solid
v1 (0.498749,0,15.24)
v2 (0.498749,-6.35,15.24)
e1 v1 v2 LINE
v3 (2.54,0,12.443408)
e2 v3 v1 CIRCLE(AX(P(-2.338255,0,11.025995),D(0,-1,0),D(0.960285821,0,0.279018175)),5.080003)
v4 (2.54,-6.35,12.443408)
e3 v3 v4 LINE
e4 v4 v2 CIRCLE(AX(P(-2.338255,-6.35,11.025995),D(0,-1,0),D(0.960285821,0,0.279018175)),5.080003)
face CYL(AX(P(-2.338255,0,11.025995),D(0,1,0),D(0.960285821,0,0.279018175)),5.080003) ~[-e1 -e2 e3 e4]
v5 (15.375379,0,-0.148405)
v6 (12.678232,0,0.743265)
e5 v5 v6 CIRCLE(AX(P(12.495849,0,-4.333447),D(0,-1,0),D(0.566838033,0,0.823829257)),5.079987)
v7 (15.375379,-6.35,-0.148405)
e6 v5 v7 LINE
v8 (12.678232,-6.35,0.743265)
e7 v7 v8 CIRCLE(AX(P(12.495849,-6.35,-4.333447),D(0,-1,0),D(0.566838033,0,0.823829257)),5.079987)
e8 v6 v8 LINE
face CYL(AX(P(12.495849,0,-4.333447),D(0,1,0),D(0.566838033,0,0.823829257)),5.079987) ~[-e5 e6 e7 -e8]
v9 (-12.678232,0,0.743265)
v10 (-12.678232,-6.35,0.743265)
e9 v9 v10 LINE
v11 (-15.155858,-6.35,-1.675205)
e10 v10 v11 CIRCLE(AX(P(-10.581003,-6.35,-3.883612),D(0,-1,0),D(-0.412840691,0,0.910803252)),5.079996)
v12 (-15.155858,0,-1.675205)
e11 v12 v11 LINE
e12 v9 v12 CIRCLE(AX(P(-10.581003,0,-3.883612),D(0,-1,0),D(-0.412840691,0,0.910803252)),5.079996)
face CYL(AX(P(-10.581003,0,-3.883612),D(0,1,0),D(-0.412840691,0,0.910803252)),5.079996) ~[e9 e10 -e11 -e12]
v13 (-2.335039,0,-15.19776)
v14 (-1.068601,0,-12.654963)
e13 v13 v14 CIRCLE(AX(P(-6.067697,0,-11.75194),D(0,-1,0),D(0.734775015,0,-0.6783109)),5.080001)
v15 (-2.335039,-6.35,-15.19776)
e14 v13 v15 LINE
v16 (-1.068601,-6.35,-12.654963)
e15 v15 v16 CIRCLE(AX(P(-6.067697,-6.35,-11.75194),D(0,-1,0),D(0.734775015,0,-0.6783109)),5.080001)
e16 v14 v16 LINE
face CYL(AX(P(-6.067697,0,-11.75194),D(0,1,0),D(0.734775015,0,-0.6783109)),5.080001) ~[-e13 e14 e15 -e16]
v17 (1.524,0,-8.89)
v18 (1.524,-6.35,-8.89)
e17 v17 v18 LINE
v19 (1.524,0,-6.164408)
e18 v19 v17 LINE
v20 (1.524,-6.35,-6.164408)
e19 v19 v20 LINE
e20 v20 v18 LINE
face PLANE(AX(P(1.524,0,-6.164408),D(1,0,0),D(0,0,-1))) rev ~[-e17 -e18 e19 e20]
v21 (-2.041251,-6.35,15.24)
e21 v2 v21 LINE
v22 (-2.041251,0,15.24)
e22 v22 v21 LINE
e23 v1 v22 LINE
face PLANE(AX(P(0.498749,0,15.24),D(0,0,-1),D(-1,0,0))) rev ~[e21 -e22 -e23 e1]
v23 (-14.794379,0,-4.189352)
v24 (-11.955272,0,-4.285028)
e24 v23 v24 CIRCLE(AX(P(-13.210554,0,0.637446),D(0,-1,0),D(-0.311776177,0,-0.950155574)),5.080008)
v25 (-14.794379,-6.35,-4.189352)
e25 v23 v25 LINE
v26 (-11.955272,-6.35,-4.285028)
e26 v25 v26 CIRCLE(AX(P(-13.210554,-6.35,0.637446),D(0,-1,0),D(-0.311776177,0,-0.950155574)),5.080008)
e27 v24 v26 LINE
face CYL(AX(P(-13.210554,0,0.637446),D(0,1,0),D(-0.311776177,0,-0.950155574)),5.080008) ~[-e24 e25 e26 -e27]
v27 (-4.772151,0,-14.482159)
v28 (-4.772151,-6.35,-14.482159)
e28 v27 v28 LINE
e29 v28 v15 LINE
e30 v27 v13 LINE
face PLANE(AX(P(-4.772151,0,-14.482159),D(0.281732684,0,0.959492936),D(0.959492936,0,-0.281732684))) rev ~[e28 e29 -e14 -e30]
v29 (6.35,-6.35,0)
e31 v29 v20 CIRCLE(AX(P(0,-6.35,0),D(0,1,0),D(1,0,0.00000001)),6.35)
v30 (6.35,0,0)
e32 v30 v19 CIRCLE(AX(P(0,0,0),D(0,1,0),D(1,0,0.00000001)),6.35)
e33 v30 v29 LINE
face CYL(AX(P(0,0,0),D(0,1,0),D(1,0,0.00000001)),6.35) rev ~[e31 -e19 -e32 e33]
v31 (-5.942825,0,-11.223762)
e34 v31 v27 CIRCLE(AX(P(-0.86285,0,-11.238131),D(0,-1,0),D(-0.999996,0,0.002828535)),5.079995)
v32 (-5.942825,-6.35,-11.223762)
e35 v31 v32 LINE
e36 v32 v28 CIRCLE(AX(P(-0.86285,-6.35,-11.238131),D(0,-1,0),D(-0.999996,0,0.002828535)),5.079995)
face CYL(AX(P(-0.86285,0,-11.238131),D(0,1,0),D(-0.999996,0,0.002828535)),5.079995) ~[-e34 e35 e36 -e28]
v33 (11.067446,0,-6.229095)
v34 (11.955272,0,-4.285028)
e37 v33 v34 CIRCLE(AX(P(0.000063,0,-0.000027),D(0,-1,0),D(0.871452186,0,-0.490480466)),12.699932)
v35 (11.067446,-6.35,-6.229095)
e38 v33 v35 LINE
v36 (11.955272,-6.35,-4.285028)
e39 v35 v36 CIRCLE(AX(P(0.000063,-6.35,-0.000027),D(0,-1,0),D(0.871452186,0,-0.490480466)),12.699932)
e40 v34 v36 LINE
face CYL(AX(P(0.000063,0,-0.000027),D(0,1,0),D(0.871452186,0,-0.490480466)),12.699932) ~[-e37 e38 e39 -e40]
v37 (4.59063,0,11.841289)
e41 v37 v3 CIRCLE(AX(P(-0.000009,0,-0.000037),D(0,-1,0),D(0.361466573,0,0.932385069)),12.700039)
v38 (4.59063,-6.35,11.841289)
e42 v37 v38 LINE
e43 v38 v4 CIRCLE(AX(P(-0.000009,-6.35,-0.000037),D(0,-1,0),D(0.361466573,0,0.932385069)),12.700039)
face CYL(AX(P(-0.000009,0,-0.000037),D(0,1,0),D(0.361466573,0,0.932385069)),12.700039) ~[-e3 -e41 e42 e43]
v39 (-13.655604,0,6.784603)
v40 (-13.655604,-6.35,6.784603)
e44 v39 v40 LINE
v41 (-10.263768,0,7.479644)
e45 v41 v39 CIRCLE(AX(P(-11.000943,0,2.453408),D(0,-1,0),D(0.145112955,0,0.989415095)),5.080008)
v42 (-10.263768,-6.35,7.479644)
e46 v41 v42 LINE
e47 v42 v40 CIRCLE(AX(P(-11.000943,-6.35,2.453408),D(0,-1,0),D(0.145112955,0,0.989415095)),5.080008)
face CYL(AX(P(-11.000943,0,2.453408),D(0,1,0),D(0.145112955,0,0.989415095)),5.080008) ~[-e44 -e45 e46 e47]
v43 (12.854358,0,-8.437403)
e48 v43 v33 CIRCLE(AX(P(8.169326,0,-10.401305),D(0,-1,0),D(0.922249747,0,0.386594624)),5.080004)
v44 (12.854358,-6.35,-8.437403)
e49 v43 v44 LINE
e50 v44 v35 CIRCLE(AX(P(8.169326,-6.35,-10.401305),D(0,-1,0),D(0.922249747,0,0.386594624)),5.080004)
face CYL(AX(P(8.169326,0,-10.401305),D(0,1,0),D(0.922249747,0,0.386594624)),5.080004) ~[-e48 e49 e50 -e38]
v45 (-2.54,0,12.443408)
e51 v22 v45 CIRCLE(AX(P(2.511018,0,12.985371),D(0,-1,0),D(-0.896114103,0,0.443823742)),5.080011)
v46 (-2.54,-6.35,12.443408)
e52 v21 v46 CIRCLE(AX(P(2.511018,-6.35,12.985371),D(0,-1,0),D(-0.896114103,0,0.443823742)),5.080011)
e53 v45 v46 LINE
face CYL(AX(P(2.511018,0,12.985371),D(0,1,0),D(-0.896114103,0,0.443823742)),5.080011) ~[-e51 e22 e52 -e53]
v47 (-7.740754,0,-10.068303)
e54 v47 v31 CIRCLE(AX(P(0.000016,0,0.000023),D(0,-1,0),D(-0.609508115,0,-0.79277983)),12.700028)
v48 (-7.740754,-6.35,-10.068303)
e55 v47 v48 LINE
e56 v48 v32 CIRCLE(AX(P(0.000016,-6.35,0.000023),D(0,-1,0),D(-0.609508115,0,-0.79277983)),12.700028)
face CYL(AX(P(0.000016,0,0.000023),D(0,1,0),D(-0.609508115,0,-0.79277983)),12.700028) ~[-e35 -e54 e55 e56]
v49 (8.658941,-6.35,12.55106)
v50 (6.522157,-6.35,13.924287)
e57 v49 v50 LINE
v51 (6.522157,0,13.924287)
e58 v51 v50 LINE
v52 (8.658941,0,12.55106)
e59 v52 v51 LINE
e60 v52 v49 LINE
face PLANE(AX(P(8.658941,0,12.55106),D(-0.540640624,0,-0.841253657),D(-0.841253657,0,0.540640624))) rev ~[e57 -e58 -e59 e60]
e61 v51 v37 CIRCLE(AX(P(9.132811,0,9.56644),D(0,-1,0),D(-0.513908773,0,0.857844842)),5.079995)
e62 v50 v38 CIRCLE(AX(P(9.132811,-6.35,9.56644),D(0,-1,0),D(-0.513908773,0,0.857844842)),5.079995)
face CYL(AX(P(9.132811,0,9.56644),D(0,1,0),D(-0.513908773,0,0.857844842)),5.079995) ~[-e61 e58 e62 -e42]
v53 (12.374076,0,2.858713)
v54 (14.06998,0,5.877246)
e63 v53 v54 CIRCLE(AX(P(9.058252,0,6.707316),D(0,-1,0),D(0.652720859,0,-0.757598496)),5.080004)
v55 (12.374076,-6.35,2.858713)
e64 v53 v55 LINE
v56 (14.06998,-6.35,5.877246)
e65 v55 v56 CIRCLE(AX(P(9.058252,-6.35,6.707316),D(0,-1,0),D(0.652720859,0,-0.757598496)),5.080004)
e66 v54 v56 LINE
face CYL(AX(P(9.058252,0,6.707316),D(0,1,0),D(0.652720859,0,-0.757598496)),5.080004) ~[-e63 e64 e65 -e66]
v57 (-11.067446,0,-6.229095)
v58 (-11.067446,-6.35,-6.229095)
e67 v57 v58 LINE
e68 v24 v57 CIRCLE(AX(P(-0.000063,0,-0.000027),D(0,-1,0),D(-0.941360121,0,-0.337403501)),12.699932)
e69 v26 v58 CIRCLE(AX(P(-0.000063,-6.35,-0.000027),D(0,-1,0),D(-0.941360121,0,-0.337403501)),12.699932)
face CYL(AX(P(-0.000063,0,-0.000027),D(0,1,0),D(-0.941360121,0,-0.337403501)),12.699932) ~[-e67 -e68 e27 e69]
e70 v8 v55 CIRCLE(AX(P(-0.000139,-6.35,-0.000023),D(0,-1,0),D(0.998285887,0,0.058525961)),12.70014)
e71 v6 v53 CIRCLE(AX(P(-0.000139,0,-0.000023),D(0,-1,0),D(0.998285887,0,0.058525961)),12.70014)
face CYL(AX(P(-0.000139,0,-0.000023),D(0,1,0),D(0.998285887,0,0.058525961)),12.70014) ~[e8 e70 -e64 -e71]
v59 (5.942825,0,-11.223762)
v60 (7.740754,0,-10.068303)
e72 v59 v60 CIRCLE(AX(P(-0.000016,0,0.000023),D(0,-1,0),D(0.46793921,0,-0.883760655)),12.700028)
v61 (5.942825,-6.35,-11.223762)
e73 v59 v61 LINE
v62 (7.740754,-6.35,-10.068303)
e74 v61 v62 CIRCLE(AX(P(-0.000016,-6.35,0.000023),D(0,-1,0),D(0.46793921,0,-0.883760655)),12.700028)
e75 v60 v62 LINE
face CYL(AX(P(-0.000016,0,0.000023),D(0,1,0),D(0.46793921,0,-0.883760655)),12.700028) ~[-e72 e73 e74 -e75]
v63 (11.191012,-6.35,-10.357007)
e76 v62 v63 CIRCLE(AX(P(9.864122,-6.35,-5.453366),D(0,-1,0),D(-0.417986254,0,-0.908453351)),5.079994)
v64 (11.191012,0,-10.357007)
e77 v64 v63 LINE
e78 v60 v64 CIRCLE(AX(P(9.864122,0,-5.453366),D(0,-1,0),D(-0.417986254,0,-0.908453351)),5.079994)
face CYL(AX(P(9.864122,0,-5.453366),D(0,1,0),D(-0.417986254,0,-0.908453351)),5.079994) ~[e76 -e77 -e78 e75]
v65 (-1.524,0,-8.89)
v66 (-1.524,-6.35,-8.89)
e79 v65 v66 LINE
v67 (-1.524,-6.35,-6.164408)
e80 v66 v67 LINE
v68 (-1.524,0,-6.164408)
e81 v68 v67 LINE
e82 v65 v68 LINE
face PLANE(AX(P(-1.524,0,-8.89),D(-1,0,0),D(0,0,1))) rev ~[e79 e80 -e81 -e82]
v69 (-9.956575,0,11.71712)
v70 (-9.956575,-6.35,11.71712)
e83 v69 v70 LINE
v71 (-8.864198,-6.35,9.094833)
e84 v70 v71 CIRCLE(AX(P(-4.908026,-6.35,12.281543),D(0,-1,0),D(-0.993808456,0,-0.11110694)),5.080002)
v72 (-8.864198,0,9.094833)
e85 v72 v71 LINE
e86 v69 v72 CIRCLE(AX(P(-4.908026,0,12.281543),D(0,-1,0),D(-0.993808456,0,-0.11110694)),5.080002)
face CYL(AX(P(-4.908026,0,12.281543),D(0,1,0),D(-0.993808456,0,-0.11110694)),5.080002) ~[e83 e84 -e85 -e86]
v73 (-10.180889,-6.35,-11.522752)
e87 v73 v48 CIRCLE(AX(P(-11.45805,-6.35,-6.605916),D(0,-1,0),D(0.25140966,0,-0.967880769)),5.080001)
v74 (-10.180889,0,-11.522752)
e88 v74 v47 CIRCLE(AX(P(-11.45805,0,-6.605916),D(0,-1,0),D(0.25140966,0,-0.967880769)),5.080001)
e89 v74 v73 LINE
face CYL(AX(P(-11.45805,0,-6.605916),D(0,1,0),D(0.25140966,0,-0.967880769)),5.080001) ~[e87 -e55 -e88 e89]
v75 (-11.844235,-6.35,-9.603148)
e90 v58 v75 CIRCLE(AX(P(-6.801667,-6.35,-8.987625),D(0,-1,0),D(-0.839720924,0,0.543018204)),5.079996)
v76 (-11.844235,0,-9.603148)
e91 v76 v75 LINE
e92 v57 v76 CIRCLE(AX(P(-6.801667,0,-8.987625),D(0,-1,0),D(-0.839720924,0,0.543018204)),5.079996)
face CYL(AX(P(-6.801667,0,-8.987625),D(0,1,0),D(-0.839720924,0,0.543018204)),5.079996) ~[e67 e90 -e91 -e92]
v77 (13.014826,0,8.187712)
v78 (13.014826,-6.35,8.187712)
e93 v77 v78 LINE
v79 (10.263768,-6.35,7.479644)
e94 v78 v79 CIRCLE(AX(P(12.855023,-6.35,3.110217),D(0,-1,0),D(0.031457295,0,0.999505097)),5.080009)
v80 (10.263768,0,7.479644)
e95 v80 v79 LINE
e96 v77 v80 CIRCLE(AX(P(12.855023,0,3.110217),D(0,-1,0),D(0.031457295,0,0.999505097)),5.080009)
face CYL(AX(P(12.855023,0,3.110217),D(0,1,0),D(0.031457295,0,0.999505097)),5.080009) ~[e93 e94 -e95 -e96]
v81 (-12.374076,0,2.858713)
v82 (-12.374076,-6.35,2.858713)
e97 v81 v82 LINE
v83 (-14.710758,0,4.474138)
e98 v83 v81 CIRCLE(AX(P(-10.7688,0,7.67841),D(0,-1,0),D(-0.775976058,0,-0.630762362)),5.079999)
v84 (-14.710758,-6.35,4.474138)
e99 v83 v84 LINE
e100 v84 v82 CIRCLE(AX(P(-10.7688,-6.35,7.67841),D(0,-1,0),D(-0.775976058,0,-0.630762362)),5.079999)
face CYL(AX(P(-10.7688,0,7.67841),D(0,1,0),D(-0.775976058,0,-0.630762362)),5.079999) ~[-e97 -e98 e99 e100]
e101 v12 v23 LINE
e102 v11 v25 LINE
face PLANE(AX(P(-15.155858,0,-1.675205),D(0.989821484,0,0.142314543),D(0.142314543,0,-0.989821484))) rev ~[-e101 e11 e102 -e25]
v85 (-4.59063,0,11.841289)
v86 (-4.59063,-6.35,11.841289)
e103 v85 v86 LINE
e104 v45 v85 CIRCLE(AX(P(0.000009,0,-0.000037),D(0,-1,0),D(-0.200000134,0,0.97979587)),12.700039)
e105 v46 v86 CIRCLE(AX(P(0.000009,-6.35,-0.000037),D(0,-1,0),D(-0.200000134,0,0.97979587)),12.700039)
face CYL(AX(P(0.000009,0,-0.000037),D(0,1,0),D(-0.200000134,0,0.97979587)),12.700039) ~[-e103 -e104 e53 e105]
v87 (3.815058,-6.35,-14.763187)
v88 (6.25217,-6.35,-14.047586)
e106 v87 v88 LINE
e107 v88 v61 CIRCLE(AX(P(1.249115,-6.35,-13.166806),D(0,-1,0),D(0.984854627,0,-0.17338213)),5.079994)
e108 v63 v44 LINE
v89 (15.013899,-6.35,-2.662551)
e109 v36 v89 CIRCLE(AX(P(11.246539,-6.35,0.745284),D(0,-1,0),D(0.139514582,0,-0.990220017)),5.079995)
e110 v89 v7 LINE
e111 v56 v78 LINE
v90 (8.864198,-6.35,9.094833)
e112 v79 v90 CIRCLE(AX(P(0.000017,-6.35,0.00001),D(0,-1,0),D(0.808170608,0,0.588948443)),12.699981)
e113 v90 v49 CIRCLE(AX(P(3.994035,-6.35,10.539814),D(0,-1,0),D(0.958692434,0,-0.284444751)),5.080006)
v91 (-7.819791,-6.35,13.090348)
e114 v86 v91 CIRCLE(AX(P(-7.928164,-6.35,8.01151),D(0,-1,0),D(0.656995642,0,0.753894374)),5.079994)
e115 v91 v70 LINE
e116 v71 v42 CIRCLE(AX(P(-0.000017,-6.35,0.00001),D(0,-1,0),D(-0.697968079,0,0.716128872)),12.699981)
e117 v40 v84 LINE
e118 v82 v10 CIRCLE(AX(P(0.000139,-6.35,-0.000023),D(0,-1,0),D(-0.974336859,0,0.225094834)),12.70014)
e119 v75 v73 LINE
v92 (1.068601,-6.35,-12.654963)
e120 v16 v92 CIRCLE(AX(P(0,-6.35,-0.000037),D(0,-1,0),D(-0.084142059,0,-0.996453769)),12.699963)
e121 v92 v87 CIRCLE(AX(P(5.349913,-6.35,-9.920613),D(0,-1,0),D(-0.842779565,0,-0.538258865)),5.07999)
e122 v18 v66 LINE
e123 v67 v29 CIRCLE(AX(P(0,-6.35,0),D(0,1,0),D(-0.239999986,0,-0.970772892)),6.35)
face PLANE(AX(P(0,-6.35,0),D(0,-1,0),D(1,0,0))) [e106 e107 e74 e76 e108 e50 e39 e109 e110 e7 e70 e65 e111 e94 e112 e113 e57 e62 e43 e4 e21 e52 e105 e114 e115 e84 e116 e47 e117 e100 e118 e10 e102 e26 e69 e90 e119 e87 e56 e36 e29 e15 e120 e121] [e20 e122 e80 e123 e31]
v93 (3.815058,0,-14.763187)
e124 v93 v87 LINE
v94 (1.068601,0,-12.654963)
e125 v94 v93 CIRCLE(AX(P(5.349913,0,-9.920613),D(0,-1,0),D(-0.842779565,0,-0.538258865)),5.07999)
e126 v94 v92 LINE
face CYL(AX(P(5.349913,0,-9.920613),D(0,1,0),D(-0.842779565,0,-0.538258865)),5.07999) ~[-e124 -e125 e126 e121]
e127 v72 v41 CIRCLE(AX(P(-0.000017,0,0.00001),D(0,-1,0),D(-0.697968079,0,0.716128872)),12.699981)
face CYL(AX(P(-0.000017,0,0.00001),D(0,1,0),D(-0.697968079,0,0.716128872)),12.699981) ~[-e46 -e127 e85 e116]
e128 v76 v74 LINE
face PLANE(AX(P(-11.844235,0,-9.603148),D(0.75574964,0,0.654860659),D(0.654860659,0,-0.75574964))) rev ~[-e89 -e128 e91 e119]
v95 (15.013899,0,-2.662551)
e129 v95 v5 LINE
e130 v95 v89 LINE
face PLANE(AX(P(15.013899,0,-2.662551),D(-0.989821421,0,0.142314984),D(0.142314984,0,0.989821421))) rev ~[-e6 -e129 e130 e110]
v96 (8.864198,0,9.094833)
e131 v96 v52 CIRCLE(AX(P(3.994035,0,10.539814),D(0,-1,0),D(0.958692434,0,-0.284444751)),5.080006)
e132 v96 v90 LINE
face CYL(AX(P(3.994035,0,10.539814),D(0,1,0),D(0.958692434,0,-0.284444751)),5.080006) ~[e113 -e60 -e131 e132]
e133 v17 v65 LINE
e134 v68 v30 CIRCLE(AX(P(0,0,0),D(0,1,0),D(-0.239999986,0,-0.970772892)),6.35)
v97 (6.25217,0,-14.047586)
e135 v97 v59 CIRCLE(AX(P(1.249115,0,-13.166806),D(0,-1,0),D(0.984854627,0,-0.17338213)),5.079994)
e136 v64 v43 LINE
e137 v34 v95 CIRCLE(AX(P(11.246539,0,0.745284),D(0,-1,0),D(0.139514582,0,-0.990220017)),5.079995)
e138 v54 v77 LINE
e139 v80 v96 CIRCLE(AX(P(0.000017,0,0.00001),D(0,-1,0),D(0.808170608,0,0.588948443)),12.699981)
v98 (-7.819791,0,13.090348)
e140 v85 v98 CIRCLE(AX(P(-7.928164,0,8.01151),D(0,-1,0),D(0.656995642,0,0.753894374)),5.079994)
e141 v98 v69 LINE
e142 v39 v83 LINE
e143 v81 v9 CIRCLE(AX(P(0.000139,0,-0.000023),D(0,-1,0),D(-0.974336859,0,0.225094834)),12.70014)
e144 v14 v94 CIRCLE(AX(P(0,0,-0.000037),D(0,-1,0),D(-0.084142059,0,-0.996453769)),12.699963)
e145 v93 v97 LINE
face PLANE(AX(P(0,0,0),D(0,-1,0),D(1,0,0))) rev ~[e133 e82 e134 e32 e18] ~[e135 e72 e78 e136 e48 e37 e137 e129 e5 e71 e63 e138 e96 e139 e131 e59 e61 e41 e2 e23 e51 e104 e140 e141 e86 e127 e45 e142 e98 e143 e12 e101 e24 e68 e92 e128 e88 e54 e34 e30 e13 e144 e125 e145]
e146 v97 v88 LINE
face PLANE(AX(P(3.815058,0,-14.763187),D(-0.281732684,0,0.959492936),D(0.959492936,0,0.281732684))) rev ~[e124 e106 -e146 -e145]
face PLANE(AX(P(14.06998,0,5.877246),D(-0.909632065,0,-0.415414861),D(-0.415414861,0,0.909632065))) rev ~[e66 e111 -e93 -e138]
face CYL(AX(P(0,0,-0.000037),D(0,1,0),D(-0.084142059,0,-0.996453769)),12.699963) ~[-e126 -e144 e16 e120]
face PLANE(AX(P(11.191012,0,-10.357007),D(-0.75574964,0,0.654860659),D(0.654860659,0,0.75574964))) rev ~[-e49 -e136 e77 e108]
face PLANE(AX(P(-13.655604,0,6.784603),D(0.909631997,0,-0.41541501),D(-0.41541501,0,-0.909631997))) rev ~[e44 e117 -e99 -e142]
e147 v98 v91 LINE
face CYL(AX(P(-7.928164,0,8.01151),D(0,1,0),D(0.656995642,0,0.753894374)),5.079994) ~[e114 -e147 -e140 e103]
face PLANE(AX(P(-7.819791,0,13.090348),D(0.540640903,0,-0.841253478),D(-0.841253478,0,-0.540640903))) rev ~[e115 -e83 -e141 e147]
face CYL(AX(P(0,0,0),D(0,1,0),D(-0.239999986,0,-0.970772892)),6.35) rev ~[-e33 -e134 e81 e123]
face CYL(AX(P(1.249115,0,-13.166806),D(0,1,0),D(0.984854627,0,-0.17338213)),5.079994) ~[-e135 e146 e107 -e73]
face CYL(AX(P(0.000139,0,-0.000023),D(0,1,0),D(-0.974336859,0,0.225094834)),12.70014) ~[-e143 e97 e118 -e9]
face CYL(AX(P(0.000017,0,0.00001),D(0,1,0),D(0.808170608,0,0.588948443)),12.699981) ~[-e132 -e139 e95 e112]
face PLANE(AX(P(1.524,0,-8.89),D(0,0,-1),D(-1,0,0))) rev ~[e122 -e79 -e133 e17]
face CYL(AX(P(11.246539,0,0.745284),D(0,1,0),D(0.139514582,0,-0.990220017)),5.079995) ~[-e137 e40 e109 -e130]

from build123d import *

# Parameters (mm, degrees)
F1_DEPTH = 6.35


with BuildPart() as f1:
    # F0 (on Front) → F1 (new body)
    with BuildSketch(Plane.XZ):
        with BuildLine():
            Line((0.498749, 15.24), (-2.041251, 15.24))
            ThreePointArc((-2.041251, 15.24), (-2.490083, 13.877276), (-2.54, 12.443408))
            ThreePointArc((-2.54, 12.443408), (-3.578003, 12.185561), (-4.59063, 11.841289))
            ThreePointArc((-4.59063, 11.841289), (-6.095514, 12.749414), (-7.819791, 13.090348))
            Line((-7.819791, 13.090348), (-9.956575, 11.71712))
            ThreePointArc((-9.956575, 11.71712), (-9.597413, 10.328067), (-8.864198, 9.094833))
            ThreePointArc((-8.864198, 9.094833), (-9.59802, 8.316731), (-10.263768, 7.479644))
            ThreePointArc((-10.263768, 7.479644), (-12.020726, 7.430005), (-13.655604, 6.784603))
            Line((-13.655604, 6.784603), (-14.710758, 4.474138))
            ThreePointArc((-14.710758, 4.474138), (-13.657632, 3.499769), (-12.374076, 2.858713))
            ThreePointArc((-12.374076, 2.858713), (-12.570732, 1.807398), (-12.678232, 0.743265))
            ThreePointArc((-12.678232, 0.743265), (-14.129443, -0.248377), (-15.155858, -1.675205))
            Line((-15.155858, -1.675205), (-14.794379, -4.189352))
            ThreePointArc((-14.794379, -4.189352), (-13.381649, -4.43968), (-11.955272, -4.285028))
            ThreePointArc((-11.955272, -4.285028), (-11.552326, -5.275771), (-11.067446, -6.229095))
            ThreePointArc((-11.067446, -6.229095), (-11.752161, -7.847902), (-11.844235, -9.603148))
            Line((-11.844235, -9.603148), (-10.180889, -11.522752))
            ThreePointArc((-10.180889, -11.522752), (-8.857087, -10.969562), (-7.740754, -10.068303))
            ThreePointArc((-7.740754, -10.068303), (-6.866138, -10.68392), (-5.942825, -11.223762))
            ThreePointArc((-5.942825, -11.223762), (-5.643651, -12.955773), (-4.772151, -14.482159))
            Line((-4.772151, -14.482159), (-2.335039, -15.19776))
            ThreePointArc((-2.335039, -15.19776), (-1.520463, -14.016686), (-1.068601, -12.654963))
            ThreePointArc((-1.068601, -12.654963), (0, -12.7), (1.068601, -12.654963))
            ThreePointArc((1.068601, -12.654963), (2.256678, -13.950278), (3.815058, -14.763187))
            Line((3.815058, -14.763187), (6.25217, -14.047586))
            ThreePointArc((6.25217, -14.047586), (6.298898, -12.613611), (5.942825, -11.223762))
            ThreePointArc((5.942825, -11.223762), (6.866138, -10.68392), (7.740754, -10.068303))
            ThreePointArc((7.740754, -10.068303), (9.440528, -10.515668), (11.191012, -10.357007))
            Line((11.191012, -10.357007), (12.854358, -8.437403))
            ThreePointArc((12.854358, -8.437403), (12.118403, -7.205804), (11.067446, -6.229095))
            ThreePointArc((11.067446, -6.229095), (11.552326, -5.275771), (11.955272, -4.285028))
            ThreePointArc((11.955272, -4.285028), (13.627077, -3.742408), (15.013899, -2.662551))
            Line((15.013899, -2.662551), (15.375379, -0.148405))
            ThreePointArc((15.375379, -0.148405), (14.090401, 0.489796), (12.678232, 0.743265))
            ThreePointArc((12.678232, 0.743265), (12.570732, 1.807398), (12.374076, 2.858713))
            ThreePointArc((12.374076, 2.858713), (13.487125, 4.21904), (14.06998, 5.877246))
            Line((14.06998, 5.877246), (13.014826, 8.187712))
            ThreePointArc((13.014826, 8.187712), (11.588796, 8.029888), (10.263768, 7.479644))
            ThreePointArc((10.263768, 7.479644), (9.59802, 8.316731), (8.864198, 9.094833))
            ThreePointArc((8.864198, 9.094833), (9.065106, 10.840973), (8.658941, 12.55106))
            Line((8.658941, 12.55106), (6.522157, 13.924287))
            ThreePointArc((6.522157, 13.924287), (5.40783, 13.020548), (4.59063, 11.841289))
            ThreePointArc((4.59063, 11.841289), (3.578003, 12.185561), (2.54, 12.443408))
            ThreePointArc((2.54, 12.443408), (1.76498, 14.020973), (0.498749, 15.24))
        make_face()
        with BuildLine():
            ThreePointArc((-1.524, -6.164408), (-3.914403, 4.999995), (6.35, 0))
            ThreePointArc((6.35, 0), (4.999995, -3.914403), (1.524, -6.164408))
            Line((1.524, -6.164408), (1.524, -8.89))
            Line((1.524, -8.89), (0, -8.89))
            Line((0, -8.89), (-1.524, -8.89))
            Line((-1.524, -8.89), (-1.524, -6.164408))
        make_face(mode=Mode.SUBTRACT)
    extrude(amount=F1_DEPTH)


solid = f1.part
